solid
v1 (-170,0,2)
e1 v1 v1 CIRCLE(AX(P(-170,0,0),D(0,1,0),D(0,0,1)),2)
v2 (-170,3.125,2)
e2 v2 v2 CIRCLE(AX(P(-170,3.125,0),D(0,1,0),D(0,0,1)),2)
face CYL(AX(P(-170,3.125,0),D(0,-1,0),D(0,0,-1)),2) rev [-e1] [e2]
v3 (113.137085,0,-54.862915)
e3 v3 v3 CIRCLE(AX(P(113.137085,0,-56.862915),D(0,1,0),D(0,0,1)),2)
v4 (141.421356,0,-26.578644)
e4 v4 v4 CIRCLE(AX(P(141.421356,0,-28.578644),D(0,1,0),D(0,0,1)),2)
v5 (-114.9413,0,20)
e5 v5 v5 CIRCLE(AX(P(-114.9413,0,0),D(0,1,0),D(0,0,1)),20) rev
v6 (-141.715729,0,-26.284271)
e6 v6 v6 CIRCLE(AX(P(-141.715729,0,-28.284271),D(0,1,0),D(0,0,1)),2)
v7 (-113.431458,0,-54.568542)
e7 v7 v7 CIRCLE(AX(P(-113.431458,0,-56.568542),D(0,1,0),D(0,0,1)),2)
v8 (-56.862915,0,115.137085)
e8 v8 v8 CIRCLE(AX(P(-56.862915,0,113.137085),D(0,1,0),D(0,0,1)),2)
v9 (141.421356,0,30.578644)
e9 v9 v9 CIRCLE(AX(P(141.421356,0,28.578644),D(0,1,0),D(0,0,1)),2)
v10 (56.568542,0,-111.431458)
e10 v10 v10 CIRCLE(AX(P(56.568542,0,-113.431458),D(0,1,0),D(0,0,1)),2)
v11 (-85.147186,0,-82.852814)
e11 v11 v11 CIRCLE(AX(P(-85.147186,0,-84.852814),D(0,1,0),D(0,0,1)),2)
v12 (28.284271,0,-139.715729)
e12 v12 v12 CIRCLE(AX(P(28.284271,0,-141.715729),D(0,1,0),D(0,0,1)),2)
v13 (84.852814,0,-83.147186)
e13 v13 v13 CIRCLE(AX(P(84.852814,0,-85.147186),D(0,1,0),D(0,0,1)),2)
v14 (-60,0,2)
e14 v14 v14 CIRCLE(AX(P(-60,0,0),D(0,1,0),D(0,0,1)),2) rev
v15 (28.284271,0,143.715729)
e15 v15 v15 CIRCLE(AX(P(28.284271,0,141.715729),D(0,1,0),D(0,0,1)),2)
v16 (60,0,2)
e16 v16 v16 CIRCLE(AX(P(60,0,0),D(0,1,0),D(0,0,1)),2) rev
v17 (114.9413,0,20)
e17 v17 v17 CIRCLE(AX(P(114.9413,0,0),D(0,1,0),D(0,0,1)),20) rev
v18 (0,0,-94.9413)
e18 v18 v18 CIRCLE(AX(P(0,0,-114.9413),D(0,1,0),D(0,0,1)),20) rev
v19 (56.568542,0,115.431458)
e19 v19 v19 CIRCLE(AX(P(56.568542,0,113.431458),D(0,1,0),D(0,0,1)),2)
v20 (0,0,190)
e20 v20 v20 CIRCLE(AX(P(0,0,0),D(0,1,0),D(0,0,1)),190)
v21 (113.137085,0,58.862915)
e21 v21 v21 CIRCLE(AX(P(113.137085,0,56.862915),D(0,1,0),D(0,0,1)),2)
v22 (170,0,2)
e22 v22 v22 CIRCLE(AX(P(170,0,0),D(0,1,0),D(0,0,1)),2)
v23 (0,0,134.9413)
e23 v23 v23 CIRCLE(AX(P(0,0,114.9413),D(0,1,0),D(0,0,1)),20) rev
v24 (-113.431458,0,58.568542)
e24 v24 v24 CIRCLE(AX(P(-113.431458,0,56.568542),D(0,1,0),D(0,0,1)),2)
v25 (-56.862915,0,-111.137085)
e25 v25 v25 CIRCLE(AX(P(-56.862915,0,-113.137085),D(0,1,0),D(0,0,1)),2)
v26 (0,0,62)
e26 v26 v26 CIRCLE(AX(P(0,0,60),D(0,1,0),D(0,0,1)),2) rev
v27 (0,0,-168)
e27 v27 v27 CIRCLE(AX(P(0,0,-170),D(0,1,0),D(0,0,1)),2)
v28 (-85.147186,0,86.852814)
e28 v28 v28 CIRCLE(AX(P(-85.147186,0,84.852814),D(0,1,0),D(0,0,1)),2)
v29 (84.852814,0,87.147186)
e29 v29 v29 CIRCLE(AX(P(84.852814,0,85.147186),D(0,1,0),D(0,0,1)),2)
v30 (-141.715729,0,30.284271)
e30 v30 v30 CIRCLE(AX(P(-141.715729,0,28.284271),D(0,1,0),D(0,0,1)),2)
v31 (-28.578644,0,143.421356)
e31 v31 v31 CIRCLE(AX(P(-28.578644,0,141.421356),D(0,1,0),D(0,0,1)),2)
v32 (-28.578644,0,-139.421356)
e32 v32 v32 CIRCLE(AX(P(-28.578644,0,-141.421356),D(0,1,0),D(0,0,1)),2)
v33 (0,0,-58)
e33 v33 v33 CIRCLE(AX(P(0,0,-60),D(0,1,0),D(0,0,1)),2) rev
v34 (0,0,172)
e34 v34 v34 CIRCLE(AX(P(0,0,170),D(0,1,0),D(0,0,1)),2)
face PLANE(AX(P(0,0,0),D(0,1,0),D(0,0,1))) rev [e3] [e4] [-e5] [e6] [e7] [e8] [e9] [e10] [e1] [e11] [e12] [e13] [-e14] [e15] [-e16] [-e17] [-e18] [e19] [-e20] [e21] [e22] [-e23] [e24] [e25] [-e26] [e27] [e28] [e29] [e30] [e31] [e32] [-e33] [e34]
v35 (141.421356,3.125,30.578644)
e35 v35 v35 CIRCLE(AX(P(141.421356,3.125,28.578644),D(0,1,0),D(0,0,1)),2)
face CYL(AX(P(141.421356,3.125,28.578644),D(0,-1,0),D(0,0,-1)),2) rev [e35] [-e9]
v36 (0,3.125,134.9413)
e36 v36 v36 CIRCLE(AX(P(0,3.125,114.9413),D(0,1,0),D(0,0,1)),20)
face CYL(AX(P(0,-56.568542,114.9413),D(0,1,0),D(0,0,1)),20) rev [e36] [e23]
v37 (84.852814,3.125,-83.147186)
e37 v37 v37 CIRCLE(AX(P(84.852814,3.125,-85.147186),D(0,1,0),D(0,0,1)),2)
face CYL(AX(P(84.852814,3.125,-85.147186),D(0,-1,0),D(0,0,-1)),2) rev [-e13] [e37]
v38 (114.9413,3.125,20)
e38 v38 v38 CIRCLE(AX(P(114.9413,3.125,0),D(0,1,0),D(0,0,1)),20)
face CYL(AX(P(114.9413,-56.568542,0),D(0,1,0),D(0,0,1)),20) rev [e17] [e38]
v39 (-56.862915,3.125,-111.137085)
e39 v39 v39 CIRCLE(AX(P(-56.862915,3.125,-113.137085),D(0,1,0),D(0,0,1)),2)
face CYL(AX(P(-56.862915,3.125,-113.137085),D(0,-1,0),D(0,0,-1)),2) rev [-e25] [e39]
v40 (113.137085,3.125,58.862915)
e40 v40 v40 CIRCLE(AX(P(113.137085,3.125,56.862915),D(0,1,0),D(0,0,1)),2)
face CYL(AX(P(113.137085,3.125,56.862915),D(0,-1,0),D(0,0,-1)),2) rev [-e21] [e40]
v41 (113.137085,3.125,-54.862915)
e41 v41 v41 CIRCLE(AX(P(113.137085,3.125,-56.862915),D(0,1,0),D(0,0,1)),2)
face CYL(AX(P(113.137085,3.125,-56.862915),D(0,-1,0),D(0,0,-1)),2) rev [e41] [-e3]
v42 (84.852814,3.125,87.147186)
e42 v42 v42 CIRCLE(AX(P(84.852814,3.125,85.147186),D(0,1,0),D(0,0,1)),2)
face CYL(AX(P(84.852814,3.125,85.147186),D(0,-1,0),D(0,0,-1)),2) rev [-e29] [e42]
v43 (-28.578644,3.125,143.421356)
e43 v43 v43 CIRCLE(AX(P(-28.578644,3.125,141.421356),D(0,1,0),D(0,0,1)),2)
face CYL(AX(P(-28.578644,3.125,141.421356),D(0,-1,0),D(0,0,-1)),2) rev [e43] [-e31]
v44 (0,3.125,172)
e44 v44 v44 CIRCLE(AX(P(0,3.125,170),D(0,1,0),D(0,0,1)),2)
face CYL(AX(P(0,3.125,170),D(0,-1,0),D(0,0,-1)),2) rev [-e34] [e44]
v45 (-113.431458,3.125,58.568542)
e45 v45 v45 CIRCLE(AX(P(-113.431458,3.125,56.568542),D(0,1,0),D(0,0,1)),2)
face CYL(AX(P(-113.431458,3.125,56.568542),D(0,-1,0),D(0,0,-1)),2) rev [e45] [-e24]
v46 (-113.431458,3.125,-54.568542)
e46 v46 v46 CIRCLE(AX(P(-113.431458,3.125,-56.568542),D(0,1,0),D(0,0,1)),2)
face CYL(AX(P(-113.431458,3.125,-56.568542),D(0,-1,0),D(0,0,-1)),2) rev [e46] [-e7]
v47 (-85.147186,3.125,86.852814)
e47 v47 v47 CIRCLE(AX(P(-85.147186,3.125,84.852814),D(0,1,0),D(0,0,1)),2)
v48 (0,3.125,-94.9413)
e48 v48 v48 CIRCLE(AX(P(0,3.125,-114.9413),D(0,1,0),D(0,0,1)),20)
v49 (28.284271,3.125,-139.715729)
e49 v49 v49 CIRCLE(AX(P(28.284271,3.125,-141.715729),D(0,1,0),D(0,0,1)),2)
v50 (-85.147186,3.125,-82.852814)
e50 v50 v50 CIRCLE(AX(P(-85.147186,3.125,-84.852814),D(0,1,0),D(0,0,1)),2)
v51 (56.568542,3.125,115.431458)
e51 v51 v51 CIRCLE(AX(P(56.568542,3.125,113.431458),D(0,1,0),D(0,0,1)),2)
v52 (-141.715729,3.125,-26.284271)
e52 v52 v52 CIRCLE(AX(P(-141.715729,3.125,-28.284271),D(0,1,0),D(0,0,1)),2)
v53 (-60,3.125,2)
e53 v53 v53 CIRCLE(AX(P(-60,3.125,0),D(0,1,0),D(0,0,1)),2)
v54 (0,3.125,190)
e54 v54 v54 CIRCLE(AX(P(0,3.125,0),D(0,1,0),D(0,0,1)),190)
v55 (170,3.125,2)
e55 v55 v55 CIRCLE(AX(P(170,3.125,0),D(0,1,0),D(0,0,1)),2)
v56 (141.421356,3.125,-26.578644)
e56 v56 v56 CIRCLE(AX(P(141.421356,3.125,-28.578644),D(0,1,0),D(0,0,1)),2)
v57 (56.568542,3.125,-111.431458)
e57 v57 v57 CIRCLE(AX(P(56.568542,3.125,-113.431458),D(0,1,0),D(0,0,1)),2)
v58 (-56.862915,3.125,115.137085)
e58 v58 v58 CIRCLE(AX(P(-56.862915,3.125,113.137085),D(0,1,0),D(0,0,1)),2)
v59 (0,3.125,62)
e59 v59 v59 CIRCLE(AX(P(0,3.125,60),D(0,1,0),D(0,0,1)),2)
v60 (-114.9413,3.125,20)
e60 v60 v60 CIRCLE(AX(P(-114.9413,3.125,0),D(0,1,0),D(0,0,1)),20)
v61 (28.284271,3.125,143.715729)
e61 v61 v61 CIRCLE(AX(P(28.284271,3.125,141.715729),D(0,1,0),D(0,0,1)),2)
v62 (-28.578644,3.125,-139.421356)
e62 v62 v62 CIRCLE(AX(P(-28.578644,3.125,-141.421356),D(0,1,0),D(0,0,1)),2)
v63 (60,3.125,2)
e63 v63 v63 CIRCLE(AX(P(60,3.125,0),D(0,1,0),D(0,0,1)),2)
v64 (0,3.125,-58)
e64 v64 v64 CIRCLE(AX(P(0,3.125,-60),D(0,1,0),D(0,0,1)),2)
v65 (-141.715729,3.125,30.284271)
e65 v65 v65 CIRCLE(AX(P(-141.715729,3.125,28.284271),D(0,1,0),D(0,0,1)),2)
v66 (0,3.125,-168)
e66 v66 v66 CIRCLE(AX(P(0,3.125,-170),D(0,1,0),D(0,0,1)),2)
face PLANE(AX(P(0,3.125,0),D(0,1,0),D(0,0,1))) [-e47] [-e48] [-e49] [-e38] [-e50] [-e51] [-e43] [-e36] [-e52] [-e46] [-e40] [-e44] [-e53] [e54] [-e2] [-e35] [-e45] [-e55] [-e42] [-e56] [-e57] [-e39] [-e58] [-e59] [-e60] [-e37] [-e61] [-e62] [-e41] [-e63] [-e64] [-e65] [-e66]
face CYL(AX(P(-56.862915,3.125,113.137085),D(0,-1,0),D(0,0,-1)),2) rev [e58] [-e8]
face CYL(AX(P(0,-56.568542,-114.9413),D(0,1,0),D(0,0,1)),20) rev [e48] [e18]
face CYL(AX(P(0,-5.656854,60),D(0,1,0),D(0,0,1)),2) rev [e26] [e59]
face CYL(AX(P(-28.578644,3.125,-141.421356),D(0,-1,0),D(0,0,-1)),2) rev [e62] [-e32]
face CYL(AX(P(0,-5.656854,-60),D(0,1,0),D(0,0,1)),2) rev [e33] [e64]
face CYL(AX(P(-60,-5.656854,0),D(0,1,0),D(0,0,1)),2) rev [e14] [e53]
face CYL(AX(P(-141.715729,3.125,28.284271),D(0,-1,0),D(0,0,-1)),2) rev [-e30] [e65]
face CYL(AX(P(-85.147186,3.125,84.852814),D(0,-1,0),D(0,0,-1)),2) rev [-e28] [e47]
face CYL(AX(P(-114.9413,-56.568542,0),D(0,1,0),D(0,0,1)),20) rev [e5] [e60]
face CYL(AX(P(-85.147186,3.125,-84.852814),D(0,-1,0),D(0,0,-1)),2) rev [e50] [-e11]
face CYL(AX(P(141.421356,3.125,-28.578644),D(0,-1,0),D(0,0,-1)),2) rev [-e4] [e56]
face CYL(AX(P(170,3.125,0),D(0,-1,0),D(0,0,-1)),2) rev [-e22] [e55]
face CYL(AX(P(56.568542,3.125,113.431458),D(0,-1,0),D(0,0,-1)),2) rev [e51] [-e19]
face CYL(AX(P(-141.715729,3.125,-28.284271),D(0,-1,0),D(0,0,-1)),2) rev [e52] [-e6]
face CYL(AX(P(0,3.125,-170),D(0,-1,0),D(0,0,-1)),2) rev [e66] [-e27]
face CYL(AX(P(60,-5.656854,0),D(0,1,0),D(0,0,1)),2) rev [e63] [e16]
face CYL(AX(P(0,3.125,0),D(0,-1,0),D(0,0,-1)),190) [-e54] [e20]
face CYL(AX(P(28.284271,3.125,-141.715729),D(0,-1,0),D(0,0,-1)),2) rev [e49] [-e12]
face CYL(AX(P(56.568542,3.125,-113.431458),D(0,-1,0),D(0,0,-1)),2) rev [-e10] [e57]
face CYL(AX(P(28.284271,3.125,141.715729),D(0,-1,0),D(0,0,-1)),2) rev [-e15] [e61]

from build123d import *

# Parameters (mm, degrees)
SKETCH1_R           = 190
SKETCH1_R_2         = 2
BOSS_EXTRUDE1_DEPTH = 3.125
SKETCH2_R           = 2
CUT_EXTRUDE2_DEPTH  = 3.125
SKETCH3_R           = 20
CUT_EXTRUDE3_DEPTH  = 3.125


with BuildPart() as part:
    # Sketch1 → Boss-Extrude1 (new body)
    with BuildSketch(Plane(origin=(0, 0, 0), x_dir=(1, 0, 0), z_dir=(0, 1, 0))):
        with Locations(Location((0, 0, 0), (0, 0, 270))):
            Circle(SKETCH1_R)
        with Locations(Location((0, -170, 0), (0, 0, 270))):
            Circle(SKETCH1_R_2, mode=Mode.SUBTRACT)
        with Locations(Location((-170, 0, 0), (0, 0, 270))):
            Circle(SKETCH1_R_2, mode=Mode.SUBTRACT)
        with Locations(Location((0, 170, 0), (0, 0, 270))):
            Circle(SKETCH1_R_2, mode=Mode.SUBTRACT)
        with Locations(Location((170, 0, 0), (0, 0, 270))):
            Circle(SKETCH1_R_2, mode=Mode.SUBTRACT)
        with Locations(Location((-141.715728753, 28.284271247, 0), (0, 0, 270))):
            Circle(SKETCH1_R_2, mode=Mode.SUBTRACT)
        with Locations(Location((-113.431457505, 56.568542495, 0), (0, 0, 270))):
            Circle(SKETCH1_R_2, mode=Mode.SUBTRACT)
        with Locations(Location((-85.147186258, 84.852813742, 0), (0, 0, 270))):
            Circle(SKETCH1_R_2, mode=Mode.SUBTRACT)
        with Locations(Location((-56.86291501, 113.13708499, 0), (0, 0, 270))):
            Circle(SKETCH1_R_2, mode=Mode.SUBTRACT)
        with Locations(Location((-28.578643763, 141.421356237, 0), (0, 0, 270))):
            Circle(SKETCH1_R_2, mode=Mode.SUBTRACT)
        with Locations(Location((-141.715728753, -28.284271247, 0), (0, 0, 270))):
            Circle(SKETCH1_R_2, mode=Mode.SUBTRACT)
        with Locations(Location((28.284271247, 141.715728753, 0), (0, 0, 270))):
            Circle(SKETCH1_R_2, mode=Mode.SUBTRACT)
        with Locations(Location((-113.431457505, -56.568542495, 0), (0, 0, 270))):
            Circle(SKETCH1_R_2, mode=Mode.SUBTRACT)
        with Locations(Location((56.568542495, 113.431457505, 0), (0, 0, 270))):
            Circle(SKETCH1_R_2, mode=Mode.SUBTRACT)
        with Locations(Location((-85.147186258, -84.852813742, 0), (0, 0, 270))):
            Circle(SKETCH1_R_2, mode=Mode.SUBTRACT)
        with Locations(Location((84.852813742, 85.147186258, 0), (0, 0, 270))):
            Circle(SKETCH1_R_2, mode=Mode.SUBTRACT)
        with Locations(Location((-56.86291501, -113.13708499, 0), (0, 0, 270))):
            Circle(SKETCH1_R_2, mode=Mode.SUBTRACT)
        with Locations(Location((113.13708499, 56.86291501, 0), (0, 0, 270))):
            Circle(SKETCH1_R_2, mode=Mode.SUBTRACT)
        with Locations(Location((-28.578643763, -141.421356237, 0), (0, 0, 270))):
            Circle(SKETCH1_R_2, mode=Mode.SUBTRACT)
        with Locations(Location((141.421356237, 28.578643763, 0), (0, 0, 270))):
            Circle(SKETCH1_R_2, mode=Mode.SUBTRACT)
        with Locations(Location((28.284271247, -141.715728753, 0), (0, 0, 270))):
            Circle(SKETCH1_R_2, mode=Mode.SUBTRACT)
        with Locations(Location((56.568542495, -113.431457505, 0), (0, 0, 270))):
            Circle(SKETCH1_R_2, mode=Mode.SUBTRACT)
        with Locations(Location((84.852813742, -85.147186258, 0), (0, 0, 270))):
            Circle(SKETCH1_R_2, mode=Mode.SUBTRACT)
        with Locations(Location((113.13708499, -56.86291501, 0), (0, 0, 270))):
            Circle(SKETCH1_R_2, mode=Mode.SUBTRACT)
        with Locations(Location((141.421356237, -28.578643763, 0), (0, 0, 270))):
            Circle(SKETCH1_R_2, mode=Mode.SUBTRACT)
    extrude(amount=BOSS_EXTRUDE1_DEPTH)

    # Sketch2 → Cut-Extrude2 (cut)
    with BuildSketch(Plane(origin=(0, 3.125, 0), x_dir=(1, 0, 0), z_dir=(0, 1, 0))):
        with Locations(Location((-60, 0, 0), (0, 0, 270))):
            Circle(SKETCH2_R)
        with Locations(Location((0, 60, 0), (0, 0, 270))):
            Circle(SKETCH2_R)
        with Locations(Location((60, 0, 0), (0, 0, 270))):
            Circle(SKETCH2_R)
        with Locations(Location((0, -60, 0), (0, 0, 270))):
            Circle(SKETCH2_R)
    extrude(amount=-CUT_EXTRUDE2_DEPTH, mode=Mode.SUBTRACT)

    # Sketch3 → Cut-Extrude3 (cut)
    with BuildSketch(Plane(origin=(0, 3.125, 0), x_dir=(1, 0, 0), z_dir=(0, 1, 0))):
        with Locations(Location((-114.941299582, 0, 0), (0, 0, 270))):
            Circle(SKETCH3_R)
        with Locations(Location((0, 114.941299582, 0), (0, 0, 270))):
            Circle(SKETCH3_R)
        with Locations(Location((114.941299582, 0, 0), (0, 0, 270))):
            Circle(SKETCH3_R)
        with Locations(Location((0, -114.941299582, 0), (0, 0, 270))):
            Circle(SKETCH3_R)
    extrude(amount=-CUT_EXTRUDE3_DEPTH, mode=Mode.SUBTRACT)


solid = part.part
